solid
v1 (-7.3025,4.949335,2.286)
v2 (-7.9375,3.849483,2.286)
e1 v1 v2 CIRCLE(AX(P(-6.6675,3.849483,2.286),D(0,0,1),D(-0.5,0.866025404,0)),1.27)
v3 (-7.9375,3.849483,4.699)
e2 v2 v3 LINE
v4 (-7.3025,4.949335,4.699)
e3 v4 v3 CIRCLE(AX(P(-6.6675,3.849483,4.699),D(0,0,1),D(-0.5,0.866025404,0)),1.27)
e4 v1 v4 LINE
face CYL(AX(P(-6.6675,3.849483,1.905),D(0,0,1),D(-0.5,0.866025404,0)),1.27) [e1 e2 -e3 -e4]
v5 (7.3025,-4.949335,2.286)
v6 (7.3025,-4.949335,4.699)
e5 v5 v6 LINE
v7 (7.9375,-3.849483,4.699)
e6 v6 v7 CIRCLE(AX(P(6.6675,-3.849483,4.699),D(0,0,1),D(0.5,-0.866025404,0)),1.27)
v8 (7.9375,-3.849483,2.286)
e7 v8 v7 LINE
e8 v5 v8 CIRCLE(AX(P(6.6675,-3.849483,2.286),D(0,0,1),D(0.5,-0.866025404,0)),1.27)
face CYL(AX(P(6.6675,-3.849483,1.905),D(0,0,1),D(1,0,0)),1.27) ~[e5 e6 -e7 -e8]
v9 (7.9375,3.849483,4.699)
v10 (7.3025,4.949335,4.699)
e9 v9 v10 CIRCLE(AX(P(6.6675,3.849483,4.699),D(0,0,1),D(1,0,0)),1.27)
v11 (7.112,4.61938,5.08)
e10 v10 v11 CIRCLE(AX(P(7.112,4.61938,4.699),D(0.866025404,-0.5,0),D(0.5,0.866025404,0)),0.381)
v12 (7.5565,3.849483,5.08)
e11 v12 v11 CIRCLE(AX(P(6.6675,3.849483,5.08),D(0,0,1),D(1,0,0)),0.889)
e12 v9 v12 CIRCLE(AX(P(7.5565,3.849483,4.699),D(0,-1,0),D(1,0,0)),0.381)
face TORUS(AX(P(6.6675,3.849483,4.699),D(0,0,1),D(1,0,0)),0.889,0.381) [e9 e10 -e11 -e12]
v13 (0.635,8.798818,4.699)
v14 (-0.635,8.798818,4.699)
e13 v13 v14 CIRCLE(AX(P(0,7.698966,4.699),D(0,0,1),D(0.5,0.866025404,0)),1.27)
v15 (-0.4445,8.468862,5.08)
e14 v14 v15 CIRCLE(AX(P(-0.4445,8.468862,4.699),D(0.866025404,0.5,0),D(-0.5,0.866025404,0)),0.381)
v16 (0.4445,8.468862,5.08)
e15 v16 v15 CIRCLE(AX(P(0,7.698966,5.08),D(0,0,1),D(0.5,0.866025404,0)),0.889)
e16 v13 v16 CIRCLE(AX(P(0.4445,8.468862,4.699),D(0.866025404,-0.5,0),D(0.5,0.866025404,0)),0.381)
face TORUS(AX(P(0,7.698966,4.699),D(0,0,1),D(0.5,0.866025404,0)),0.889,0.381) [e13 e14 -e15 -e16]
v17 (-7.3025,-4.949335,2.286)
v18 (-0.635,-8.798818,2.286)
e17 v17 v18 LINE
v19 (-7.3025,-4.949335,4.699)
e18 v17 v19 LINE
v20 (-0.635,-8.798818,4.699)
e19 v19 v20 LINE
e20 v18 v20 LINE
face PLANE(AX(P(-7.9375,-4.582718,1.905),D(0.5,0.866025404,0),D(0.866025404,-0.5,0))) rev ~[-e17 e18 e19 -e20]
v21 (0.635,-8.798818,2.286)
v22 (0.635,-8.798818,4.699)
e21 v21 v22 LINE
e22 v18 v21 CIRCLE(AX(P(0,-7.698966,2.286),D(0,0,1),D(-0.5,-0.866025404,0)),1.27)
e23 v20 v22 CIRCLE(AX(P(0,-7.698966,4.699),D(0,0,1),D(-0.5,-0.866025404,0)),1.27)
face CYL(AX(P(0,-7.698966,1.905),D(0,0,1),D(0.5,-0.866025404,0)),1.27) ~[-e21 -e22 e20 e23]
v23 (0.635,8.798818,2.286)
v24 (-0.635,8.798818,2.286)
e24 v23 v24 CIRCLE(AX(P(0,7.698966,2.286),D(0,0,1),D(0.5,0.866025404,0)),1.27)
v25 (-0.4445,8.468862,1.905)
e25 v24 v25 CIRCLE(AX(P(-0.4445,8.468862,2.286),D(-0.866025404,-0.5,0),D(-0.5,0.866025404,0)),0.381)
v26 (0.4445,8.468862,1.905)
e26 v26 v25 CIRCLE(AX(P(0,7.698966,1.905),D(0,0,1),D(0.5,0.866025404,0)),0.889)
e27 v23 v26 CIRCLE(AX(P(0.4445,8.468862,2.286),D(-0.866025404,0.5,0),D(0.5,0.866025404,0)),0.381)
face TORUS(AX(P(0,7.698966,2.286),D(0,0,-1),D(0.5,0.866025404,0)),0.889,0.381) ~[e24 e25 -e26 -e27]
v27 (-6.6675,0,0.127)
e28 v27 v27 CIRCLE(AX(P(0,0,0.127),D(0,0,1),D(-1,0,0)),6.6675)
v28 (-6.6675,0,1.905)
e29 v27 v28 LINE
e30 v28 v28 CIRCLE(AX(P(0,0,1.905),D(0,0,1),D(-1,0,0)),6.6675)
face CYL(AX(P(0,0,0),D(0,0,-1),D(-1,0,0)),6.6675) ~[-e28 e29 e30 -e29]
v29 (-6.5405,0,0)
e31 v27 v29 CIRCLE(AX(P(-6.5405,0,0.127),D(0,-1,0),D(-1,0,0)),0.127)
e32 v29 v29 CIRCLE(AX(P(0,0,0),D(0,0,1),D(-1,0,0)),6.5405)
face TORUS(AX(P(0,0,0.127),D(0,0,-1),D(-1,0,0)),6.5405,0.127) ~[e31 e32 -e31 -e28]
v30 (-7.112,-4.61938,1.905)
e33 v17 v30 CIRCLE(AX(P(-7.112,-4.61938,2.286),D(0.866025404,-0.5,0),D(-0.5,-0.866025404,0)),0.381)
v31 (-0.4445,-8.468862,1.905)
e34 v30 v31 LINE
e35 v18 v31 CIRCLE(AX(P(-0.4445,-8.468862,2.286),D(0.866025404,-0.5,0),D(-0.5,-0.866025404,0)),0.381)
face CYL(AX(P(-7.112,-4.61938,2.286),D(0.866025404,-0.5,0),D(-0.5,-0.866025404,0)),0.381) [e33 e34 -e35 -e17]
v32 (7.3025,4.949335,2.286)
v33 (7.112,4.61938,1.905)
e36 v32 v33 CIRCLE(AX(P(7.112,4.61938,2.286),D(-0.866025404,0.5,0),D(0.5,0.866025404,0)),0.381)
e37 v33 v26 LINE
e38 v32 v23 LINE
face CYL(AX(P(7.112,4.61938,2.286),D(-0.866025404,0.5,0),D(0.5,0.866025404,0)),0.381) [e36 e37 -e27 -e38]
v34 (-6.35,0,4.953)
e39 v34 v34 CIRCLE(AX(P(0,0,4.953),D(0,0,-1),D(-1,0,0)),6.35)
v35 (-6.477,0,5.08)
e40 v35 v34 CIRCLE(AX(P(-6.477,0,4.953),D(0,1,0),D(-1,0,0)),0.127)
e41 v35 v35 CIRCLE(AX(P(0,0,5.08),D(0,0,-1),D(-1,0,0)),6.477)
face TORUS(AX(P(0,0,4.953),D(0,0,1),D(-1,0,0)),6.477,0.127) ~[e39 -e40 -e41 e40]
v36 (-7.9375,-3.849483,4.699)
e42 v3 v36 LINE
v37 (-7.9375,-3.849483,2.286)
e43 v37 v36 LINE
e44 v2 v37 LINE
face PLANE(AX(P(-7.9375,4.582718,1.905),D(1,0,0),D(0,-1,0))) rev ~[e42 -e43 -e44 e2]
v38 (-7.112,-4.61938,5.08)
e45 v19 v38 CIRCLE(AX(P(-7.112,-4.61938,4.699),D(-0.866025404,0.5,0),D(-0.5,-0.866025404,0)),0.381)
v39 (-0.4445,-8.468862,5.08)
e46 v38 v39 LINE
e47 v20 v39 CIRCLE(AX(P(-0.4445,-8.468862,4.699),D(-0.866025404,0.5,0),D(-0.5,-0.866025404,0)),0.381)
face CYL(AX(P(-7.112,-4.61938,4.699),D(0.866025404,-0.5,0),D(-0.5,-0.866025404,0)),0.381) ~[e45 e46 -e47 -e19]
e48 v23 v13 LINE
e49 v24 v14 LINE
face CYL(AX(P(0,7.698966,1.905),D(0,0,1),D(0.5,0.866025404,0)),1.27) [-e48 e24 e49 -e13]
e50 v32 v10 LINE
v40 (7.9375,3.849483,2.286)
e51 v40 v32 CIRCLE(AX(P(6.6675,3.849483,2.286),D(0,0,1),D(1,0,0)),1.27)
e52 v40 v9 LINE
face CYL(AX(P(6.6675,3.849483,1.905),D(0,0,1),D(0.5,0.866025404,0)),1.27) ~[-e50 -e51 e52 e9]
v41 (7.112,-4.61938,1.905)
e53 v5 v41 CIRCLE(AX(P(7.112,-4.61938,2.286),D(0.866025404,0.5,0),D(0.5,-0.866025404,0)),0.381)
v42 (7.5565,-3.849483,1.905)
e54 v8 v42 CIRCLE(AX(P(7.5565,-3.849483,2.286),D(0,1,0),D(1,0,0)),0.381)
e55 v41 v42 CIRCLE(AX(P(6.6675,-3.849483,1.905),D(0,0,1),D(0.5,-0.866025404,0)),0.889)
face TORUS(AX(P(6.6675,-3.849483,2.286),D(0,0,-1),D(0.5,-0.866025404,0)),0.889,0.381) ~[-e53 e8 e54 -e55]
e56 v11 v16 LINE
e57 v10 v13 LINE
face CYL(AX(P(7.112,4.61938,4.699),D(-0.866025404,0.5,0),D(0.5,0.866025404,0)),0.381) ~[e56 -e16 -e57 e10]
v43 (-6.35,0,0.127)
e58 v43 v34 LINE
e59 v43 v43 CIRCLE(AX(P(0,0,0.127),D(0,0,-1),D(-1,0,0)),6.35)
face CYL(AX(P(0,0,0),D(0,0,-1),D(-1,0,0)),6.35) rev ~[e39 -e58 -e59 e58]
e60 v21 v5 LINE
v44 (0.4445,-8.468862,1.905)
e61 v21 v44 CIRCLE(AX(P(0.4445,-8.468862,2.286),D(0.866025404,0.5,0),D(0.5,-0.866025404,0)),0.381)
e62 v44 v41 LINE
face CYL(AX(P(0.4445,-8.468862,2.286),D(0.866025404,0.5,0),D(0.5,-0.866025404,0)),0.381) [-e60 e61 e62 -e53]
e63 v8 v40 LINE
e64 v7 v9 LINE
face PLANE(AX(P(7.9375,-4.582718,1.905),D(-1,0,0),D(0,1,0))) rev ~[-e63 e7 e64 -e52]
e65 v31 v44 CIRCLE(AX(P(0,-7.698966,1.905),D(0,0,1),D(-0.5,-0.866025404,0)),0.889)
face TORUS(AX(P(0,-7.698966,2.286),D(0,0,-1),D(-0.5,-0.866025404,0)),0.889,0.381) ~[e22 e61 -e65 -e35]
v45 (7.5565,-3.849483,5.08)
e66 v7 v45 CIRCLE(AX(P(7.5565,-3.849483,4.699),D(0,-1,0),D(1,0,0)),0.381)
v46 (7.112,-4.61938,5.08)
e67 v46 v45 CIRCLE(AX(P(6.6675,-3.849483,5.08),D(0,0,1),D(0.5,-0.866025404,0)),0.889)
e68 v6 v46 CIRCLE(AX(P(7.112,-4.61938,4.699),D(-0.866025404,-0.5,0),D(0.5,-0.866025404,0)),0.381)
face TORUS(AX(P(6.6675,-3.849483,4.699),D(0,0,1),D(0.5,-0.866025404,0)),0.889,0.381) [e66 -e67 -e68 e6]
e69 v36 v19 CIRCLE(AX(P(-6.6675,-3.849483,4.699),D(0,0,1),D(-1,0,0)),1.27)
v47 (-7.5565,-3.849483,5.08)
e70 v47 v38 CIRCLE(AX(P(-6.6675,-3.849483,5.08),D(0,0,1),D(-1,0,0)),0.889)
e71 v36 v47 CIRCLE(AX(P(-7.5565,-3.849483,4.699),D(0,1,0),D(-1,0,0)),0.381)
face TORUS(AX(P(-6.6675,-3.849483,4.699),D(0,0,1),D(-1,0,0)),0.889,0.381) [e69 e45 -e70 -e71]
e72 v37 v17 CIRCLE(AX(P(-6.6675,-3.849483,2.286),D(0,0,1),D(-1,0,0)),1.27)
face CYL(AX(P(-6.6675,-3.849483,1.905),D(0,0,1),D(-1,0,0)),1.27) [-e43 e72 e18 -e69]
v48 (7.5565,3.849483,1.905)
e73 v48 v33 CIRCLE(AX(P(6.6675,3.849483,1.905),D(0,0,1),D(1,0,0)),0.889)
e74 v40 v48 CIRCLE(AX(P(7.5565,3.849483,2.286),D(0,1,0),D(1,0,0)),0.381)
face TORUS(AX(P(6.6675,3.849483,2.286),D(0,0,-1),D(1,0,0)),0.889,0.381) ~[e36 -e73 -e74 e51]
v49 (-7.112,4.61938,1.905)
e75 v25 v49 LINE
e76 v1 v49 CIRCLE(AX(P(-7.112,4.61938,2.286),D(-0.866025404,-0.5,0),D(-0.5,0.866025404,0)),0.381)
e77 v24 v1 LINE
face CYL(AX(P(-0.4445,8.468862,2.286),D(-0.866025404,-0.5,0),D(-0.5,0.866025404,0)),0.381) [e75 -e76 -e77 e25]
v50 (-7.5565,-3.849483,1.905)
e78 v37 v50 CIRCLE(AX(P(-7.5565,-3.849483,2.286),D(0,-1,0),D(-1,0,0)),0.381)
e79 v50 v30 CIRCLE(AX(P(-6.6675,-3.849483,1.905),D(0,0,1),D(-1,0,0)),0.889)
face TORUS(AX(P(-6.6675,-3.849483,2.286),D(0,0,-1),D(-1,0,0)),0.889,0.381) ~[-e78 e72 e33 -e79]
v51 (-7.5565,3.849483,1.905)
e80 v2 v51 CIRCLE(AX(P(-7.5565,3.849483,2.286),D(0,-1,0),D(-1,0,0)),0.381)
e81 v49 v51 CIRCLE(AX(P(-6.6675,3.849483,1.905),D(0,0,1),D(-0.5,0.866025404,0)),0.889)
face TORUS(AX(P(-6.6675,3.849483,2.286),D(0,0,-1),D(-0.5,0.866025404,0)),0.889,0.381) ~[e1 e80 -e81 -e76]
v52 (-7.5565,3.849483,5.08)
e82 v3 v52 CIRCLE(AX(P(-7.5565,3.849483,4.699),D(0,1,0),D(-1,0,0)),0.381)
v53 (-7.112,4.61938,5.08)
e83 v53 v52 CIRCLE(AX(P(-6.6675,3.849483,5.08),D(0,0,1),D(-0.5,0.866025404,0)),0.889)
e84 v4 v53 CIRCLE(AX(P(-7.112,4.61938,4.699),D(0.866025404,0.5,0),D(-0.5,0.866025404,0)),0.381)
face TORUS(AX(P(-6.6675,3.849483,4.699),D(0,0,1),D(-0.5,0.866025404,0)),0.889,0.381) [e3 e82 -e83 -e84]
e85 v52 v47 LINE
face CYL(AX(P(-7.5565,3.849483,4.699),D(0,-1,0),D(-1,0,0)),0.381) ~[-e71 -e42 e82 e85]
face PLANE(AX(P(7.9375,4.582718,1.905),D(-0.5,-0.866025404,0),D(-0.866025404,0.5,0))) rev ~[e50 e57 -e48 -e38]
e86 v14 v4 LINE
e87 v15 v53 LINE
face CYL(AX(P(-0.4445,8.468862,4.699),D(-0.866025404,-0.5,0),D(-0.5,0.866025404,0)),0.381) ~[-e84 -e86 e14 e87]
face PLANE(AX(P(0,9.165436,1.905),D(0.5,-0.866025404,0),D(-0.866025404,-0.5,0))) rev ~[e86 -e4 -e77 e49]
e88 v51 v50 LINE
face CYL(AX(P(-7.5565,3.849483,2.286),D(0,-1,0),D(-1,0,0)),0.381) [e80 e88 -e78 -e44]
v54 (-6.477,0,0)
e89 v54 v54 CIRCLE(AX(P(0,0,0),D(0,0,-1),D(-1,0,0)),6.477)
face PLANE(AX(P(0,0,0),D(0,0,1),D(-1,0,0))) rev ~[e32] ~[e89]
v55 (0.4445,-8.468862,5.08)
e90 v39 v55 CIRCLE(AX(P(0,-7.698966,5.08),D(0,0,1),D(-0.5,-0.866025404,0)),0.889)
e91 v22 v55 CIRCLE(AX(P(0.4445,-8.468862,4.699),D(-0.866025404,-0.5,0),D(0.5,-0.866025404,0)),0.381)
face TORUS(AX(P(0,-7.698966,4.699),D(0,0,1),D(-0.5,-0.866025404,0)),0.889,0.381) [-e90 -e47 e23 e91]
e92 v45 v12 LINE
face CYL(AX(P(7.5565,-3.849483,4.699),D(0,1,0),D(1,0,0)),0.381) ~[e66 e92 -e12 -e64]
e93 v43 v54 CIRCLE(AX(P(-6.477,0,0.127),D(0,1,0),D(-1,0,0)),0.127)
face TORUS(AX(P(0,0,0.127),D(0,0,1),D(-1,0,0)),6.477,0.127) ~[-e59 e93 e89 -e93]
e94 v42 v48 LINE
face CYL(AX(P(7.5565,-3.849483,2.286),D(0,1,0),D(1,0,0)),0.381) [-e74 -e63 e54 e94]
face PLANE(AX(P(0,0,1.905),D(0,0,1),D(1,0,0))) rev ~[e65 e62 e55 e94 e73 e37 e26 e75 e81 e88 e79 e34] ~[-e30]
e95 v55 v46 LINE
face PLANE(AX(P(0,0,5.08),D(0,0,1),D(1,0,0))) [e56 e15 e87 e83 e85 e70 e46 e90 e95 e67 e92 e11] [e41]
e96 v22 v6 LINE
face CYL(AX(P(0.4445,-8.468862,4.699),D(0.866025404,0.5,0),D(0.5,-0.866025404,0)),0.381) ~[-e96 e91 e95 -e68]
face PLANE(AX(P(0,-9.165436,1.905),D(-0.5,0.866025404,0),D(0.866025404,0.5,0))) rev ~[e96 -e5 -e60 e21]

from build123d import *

# Parameters (mm, degrees)
SKETCH1_R           = 6.6675
BOSS_EXTRUDE1_DEPTH = 1.905
BOSS_EXTRUDE2_DEPTH = 3.175
SKETCH3_R           = 6.35
CUT_EXTRUDE1_DEPTH  = 14.145931484
FILLET1_R           = 1.27
FILLET2_R           = 0.381
FILLET3_R           = 0.127


with BuildPart() as part:
    # Sketch1 → Boss-Extrude1 (new body)
    with BuildSketch(Plane.XY):
        with Locations(Location((0, 0, 0), (0, 0, 180))):
            Circle(SKETCH1_R)
    extrude(amount=BOSS_EXTRUDE1_DEPTH)

    # Sketch2 → Boss-Extrude2 (add)
    with BuildSketch(Plane.XY.offset(1.905)):
        Polygon((7.9375, 4.582717762), (0, 9.165435523), (-7.9375, 4.582717762), (-7.9375, -4.582717762), (0, -9.165435523), (7.9375, -4.582717762), align=None)
    extrude(amount=BOSS_EXTRUDE2_DEPTH)

    # Sketch3 → Cut-Extrude1 (cut, through all)
    with BuildSketch(Plane(origin=(0, 0, 0), x_dir=(-1, 0, 0), z_dir=(0, 0, -1))):
        Circle(SKETCH3_R)
    extrude(amount=-CUT_EXTRUDE1_DEPTH, mode=Mode.SUBTRACT)

    # Fillet1
    fillet1_edges = [part.edges().sort_by_distance(p)[0] for p in [
        (7.9375, 4.582717762, 3.4925),
        (0, 9.165435523, 3.4925),
        (-7.9375, 4.582717762, 3.4925),
        (-7.9375, -4.582717762, 3.4925),
        (0, -9.165435523, 3.4925),
        (7.9375, -4.582717762, 3.4925),
    ]]
    fillet(fillet1_edges, radius=FILLET1_R)

    # Fillet2
    fillet2_edges = [part.edges().sort_by_distance(p)[0] for p in [
        (3.96875, 6.874076643, 1.905),
        (3.96875, 6.874076643, 5.08),
        (7.9375, 0, 1.905),
        (3.96875, -6.874076643, 1.905),
        (-3.96875, -6.874076643, 1.905),
        (-7.9375, 0, 1.905),
        (-3.96875, 6.874076643, 1.905),
        (0, 8.96896584, 1.905),
        (-7.767352263, 4.48448292, 1.905),
        (-7.767352263, -4.48448292, 1.905),
        (0, -8.96896584, 1.905),
        (7.767352263, -4.48448292, 1.905),
        (7.767352263, 4.48448292, 1.905),
        (7.9375, 0, 5.08),
        (-3.96875, 6.874076643, 5.08),
        (-7.9375, 0, 5.08),
        (-3.96875, -6.874076643, 5.08),
        (3.96875, -6.874076643, 5.08),
        (0, 8.96896584, 5.08),
        (-7.767352263, 4.48448292, 5.08),
        (-7.767352263, -4.48448292, 5.08),
        (0, -8.96896584, 5.08),
        (7.767352263, -4.48448292, 5.08),
        (7.767352263, 4.48448292, 5.08),
    ]]
    fillet(fillet2_edges, radius=FILLET2_R)

    # Fillet3
    fillet3_edges = [part.edges().sort_by_distance(p)[0] for p in [
        (6.6675, 0, 0),
        (6.35, 0, 5.08),
        (6.35, 0, 0),
    ]]
    fillet(fillet3_edges, radius=FILLET3_R)


solid = part.part
